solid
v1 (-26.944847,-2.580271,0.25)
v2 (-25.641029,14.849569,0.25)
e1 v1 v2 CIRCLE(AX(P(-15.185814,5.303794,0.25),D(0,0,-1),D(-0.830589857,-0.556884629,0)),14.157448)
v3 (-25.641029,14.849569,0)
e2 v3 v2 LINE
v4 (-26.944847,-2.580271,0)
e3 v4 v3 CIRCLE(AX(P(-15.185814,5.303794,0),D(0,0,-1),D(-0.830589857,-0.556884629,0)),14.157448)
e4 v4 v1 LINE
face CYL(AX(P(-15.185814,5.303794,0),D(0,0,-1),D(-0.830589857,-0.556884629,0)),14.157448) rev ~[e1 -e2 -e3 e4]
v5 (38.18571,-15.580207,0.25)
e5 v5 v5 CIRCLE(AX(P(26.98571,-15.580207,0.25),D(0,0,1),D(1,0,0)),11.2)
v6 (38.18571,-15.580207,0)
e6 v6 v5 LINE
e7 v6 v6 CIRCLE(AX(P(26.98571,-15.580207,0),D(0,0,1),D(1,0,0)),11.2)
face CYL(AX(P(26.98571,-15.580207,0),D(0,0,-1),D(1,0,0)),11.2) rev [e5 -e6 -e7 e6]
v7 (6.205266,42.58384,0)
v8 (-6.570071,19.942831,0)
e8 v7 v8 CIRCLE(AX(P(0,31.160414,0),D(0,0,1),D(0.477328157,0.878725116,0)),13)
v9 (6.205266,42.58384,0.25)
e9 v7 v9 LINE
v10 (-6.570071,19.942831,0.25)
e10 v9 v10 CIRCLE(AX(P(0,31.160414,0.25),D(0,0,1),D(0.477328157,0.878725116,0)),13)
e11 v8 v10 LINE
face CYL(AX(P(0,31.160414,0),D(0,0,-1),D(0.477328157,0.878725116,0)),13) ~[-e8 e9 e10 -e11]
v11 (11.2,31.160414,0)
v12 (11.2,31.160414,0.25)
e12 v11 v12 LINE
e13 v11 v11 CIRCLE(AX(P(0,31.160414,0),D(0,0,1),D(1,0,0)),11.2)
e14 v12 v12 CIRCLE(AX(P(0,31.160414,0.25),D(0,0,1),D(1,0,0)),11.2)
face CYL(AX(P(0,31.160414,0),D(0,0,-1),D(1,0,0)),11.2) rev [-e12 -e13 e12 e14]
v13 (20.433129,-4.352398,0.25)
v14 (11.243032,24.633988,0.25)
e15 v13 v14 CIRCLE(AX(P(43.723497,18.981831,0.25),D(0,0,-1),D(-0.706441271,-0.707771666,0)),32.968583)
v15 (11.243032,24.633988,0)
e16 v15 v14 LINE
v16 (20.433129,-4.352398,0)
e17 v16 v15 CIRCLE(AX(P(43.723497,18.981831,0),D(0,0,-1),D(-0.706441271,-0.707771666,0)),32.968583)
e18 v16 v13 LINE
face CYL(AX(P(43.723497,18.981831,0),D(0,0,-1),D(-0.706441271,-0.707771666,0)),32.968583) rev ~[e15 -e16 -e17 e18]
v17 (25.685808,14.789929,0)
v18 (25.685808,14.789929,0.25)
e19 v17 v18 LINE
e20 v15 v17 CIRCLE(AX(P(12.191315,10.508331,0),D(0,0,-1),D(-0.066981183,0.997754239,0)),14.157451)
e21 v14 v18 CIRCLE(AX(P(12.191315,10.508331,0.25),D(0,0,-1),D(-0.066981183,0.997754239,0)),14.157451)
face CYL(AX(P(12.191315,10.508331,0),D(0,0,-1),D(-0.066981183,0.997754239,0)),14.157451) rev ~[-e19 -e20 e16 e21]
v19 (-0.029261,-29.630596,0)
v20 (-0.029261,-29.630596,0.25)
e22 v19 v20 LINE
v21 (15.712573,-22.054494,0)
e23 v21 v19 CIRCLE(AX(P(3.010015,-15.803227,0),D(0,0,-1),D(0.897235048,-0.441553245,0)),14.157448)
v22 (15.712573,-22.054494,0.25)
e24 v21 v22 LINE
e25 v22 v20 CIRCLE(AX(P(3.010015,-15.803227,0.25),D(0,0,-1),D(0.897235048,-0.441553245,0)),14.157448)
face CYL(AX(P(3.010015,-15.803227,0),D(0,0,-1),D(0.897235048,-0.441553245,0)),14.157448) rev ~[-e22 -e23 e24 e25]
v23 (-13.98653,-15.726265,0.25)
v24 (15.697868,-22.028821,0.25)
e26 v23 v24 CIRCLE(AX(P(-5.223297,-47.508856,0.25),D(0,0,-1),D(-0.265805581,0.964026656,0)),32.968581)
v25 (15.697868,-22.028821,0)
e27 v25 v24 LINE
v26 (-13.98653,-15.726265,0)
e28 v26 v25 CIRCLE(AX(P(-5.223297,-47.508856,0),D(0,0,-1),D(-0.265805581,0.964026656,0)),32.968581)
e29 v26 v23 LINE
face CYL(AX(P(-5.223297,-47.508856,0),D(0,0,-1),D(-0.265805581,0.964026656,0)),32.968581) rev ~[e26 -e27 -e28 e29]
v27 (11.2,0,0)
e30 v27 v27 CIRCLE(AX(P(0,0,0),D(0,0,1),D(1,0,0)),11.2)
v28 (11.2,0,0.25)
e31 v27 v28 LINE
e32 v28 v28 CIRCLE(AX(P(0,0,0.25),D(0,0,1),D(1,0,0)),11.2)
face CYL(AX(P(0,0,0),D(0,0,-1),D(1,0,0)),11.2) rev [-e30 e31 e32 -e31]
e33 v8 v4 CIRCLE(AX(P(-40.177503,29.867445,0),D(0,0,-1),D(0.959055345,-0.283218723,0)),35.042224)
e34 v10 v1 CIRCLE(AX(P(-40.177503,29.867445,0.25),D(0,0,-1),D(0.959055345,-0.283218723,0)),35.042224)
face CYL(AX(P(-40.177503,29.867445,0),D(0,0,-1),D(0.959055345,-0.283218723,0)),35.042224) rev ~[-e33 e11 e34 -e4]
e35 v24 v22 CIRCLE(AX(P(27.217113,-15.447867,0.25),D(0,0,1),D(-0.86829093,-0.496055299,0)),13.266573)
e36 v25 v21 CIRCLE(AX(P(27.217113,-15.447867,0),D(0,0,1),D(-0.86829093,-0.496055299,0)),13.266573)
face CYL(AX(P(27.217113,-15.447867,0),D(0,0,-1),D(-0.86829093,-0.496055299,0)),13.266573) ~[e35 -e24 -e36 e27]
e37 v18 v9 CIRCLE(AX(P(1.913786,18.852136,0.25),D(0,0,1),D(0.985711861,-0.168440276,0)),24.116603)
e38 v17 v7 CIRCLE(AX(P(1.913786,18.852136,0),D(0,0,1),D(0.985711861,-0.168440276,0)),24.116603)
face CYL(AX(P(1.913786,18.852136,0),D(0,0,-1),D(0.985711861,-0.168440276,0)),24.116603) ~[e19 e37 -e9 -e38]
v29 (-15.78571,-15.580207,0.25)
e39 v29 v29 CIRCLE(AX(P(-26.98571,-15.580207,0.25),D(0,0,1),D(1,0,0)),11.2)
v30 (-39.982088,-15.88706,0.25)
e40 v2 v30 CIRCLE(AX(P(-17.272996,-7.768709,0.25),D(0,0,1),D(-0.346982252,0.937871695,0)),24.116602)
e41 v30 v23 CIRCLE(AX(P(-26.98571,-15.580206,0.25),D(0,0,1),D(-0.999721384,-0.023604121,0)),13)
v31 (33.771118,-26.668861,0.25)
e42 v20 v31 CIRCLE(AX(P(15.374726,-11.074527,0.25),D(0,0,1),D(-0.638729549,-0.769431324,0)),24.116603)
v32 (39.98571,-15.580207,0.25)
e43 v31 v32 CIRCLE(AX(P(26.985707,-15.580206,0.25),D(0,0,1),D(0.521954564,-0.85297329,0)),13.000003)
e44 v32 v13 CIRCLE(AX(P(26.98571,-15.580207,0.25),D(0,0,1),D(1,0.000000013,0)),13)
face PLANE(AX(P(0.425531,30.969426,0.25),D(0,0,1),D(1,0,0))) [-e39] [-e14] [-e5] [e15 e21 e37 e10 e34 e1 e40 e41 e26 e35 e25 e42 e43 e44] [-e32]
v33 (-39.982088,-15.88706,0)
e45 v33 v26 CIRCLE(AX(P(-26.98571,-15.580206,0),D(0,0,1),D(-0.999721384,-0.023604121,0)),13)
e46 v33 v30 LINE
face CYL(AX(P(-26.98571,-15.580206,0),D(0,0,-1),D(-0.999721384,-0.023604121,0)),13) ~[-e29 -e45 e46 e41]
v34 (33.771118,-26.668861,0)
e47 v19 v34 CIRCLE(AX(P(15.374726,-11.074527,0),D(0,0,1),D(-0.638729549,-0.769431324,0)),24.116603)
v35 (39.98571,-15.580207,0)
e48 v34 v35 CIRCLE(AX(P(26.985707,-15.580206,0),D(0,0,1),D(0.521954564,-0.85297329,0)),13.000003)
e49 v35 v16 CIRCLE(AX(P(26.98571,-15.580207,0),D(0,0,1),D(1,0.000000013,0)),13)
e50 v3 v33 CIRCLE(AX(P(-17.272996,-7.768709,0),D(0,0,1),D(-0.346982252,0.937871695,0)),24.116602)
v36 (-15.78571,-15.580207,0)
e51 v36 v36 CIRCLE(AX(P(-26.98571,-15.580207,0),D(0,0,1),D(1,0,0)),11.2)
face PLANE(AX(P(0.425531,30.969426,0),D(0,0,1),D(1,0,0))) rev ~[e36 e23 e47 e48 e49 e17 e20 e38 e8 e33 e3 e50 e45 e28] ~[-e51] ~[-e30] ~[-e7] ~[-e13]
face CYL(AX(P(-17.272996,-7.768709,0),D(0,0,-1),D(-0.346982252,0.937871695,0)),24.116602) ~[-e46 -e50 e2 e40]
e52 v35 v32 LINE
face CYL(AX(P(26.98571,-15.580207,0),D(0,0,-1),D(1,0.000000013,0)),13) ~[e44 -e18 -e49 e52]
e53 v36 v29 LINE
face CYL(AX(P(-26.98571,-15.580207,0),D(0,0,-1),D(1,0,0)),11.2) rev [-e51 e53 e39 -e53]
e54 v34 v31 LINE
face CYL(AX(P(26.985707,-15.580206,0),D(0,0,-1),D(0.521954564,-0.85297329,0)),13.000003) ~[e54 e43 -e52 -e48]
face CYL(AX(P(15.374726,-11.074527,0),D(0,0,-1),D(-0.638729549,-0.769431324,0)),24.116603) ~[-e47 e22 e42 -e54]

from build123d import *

# Parameters (mm, degrees)
F0_R     = 11.2
F1_DEPTH = 0.25


with BuildPart() as f1:
    # F0 (on Top) → F1 (new body)
    with BuildSketch(Plane.XY):
        with BuildLine():
            ThreePointArc((11.243032, 24.633988), (12.553076, 27.781021), (13, 31.160414))
            ThreePointArc((13, 31.160414), (11.172924, 37.806147), (6.205266, 42.58384))
            ThreePointArc((6.205266, 42.58384), (-11.321974, 37.548911), (-6.570071, 19.942831))
            ThreePointArc((-6.570071, 19.942831), (3.310722, 18.589053), (11.243032, 24.633988))
        make_face()
        with Locations((0, 31.160414)):
            Circle(F0_R, mode=Mode.SUBTRACT)
        with BuildLine():
            ThreePointArc((6.205266, 42.58384), (11.172924, 37.806147), (13, 31.160414))
            ThreePointArc((13, 31.160414), (12.553076, 27.781021), (11.243032, 24.633988))
            ThreePointArc((11.243032, 24.633988), (20.16491, 22.206844), (25.685808, 14.789929))
            ThreePointArc((25.685808, 14.789929), (21.662594, 32.693926), (6.205266, 42.58384))
        make_face()
        with BuildLine():
            ThreePointArc((20.433129, -4.352398), (12.296612, 9.017977), (11.243032, 24.633988))
            ThreePointArc((11.243032, 24.633988), (3.310722, 18.589053), (-6.570071, 19.942831))
            ThreePointArc((-6.570071, 19.942831), (-14.190564, 6.359224), (-26.944847, -2.580271))
            ThreePointArc((-26.944847, -2.580271), (-17.778886, -6.402277), (-13.98571, -15.580207))
            ThreePointArc((-13.98571, -15.580207), (-13.985915, -15.653237), (-13.98653, -15.726265))
            ThreePointArc((-13.98653, -15.726265), (1.62392, -15.259159), (15.697868, -22.028821))
            ThreePointArc((15.697868, -22.028821), (14.428475, -12.216303), (20.433129, -4.352398))
        make_face()
        Circle(F0_R, mode=Mode.SUBTRACT)
        with BuildLine():
            ThreePointArc((39.98571, -15.580207), (33.459366, -4.306708), (20.433129, -4.352398))
            ThreePointArc((20.433129, -4.352398), (14.428475, -12.216303), (15.697868, -22.028821))
            ThreePointArc((15.697868, -22.028821), (15.707601, -22.036816), (15.717332, -22.044815))
            ThreePointArc((15.717332, -22.044815), (15.714954, -22.049655), (15.712573, -22.054494))
            ThreePointArc((15.712573, -22.054494), (23.767322, -28.175523), (33.771118, -26.668861))
            ThreePointArc((33.771118, -26.668861), (38.326131, -21.935901), (39.98571, -15.580207))
        make_face()
        with Locations((26.98571, -15.580207)):
            Circle(F0_R, mode=Mode.SUBTRACT)
        with BuildLine():
            ThreePointArc((-13.98571, -15.580207), (-17.778886, -6.402277), (-26.944847, -2.580271))
            ThreePointArc((-26.944847, -2.580271), (-36.271667, -6.48235), (-39.982088, -15.88706))
            ThreePointArc((-39.982088, -15.88706), (-26.9053, -28.579958), (-13.98653, -15.726265))
            ThreePointArc((-13.98653, -15.726265), (-13.985915, -15.653237), (-13.98571, -15.580207))
        make_face()
        with Locations((-26.98571, -15.580207)):
            Circle(F0_R, mode=Mode.SUBTRACT)
        with BuildLine():
            ThreePointArc((-39.982088, -15.88706), (-36.271667, -6.48235), (-26.944847, -2.580271))
            ThreePointArc((-26.944847, -2.580271), (-29.303818, 6.359874), (-25.641029, 14.849569))
            ThreePointArc((-25.641029, 14.849569), (-39.12779, 2.428274), (-39.982088, -15.88706))
        make_face()
        with BuildLine():
            ThreePointArc((15.717332, -22.044815), (15.707601, -22.036816), (15.697868, -22.028821))
            ThreePointArc((15.697868, -22.028821), (15.705213, -22.041661), (15.712573, -22.054494))
            ThreePointArc((15.712573, -22.054494), (15.714954, -22.049655), (15.717332, -22.044815))
        make_face()
        with BuildLine():
            ThreePointArc((-0.029261, -29.630596), (17.47986, -35.099075), (33.771118, -26.668861))
            ThreePointArc((33.771118, -26.668861), (23.767322, -28.175523), (15.712573, -22.054494))
            ThreePointArc((15.712573, -22.054494), (9.149566, -28.560156), (-0.029261, -29.630596))
        make_face()
    extrude(amount=F1_DEPTH)


solid = f1.part
